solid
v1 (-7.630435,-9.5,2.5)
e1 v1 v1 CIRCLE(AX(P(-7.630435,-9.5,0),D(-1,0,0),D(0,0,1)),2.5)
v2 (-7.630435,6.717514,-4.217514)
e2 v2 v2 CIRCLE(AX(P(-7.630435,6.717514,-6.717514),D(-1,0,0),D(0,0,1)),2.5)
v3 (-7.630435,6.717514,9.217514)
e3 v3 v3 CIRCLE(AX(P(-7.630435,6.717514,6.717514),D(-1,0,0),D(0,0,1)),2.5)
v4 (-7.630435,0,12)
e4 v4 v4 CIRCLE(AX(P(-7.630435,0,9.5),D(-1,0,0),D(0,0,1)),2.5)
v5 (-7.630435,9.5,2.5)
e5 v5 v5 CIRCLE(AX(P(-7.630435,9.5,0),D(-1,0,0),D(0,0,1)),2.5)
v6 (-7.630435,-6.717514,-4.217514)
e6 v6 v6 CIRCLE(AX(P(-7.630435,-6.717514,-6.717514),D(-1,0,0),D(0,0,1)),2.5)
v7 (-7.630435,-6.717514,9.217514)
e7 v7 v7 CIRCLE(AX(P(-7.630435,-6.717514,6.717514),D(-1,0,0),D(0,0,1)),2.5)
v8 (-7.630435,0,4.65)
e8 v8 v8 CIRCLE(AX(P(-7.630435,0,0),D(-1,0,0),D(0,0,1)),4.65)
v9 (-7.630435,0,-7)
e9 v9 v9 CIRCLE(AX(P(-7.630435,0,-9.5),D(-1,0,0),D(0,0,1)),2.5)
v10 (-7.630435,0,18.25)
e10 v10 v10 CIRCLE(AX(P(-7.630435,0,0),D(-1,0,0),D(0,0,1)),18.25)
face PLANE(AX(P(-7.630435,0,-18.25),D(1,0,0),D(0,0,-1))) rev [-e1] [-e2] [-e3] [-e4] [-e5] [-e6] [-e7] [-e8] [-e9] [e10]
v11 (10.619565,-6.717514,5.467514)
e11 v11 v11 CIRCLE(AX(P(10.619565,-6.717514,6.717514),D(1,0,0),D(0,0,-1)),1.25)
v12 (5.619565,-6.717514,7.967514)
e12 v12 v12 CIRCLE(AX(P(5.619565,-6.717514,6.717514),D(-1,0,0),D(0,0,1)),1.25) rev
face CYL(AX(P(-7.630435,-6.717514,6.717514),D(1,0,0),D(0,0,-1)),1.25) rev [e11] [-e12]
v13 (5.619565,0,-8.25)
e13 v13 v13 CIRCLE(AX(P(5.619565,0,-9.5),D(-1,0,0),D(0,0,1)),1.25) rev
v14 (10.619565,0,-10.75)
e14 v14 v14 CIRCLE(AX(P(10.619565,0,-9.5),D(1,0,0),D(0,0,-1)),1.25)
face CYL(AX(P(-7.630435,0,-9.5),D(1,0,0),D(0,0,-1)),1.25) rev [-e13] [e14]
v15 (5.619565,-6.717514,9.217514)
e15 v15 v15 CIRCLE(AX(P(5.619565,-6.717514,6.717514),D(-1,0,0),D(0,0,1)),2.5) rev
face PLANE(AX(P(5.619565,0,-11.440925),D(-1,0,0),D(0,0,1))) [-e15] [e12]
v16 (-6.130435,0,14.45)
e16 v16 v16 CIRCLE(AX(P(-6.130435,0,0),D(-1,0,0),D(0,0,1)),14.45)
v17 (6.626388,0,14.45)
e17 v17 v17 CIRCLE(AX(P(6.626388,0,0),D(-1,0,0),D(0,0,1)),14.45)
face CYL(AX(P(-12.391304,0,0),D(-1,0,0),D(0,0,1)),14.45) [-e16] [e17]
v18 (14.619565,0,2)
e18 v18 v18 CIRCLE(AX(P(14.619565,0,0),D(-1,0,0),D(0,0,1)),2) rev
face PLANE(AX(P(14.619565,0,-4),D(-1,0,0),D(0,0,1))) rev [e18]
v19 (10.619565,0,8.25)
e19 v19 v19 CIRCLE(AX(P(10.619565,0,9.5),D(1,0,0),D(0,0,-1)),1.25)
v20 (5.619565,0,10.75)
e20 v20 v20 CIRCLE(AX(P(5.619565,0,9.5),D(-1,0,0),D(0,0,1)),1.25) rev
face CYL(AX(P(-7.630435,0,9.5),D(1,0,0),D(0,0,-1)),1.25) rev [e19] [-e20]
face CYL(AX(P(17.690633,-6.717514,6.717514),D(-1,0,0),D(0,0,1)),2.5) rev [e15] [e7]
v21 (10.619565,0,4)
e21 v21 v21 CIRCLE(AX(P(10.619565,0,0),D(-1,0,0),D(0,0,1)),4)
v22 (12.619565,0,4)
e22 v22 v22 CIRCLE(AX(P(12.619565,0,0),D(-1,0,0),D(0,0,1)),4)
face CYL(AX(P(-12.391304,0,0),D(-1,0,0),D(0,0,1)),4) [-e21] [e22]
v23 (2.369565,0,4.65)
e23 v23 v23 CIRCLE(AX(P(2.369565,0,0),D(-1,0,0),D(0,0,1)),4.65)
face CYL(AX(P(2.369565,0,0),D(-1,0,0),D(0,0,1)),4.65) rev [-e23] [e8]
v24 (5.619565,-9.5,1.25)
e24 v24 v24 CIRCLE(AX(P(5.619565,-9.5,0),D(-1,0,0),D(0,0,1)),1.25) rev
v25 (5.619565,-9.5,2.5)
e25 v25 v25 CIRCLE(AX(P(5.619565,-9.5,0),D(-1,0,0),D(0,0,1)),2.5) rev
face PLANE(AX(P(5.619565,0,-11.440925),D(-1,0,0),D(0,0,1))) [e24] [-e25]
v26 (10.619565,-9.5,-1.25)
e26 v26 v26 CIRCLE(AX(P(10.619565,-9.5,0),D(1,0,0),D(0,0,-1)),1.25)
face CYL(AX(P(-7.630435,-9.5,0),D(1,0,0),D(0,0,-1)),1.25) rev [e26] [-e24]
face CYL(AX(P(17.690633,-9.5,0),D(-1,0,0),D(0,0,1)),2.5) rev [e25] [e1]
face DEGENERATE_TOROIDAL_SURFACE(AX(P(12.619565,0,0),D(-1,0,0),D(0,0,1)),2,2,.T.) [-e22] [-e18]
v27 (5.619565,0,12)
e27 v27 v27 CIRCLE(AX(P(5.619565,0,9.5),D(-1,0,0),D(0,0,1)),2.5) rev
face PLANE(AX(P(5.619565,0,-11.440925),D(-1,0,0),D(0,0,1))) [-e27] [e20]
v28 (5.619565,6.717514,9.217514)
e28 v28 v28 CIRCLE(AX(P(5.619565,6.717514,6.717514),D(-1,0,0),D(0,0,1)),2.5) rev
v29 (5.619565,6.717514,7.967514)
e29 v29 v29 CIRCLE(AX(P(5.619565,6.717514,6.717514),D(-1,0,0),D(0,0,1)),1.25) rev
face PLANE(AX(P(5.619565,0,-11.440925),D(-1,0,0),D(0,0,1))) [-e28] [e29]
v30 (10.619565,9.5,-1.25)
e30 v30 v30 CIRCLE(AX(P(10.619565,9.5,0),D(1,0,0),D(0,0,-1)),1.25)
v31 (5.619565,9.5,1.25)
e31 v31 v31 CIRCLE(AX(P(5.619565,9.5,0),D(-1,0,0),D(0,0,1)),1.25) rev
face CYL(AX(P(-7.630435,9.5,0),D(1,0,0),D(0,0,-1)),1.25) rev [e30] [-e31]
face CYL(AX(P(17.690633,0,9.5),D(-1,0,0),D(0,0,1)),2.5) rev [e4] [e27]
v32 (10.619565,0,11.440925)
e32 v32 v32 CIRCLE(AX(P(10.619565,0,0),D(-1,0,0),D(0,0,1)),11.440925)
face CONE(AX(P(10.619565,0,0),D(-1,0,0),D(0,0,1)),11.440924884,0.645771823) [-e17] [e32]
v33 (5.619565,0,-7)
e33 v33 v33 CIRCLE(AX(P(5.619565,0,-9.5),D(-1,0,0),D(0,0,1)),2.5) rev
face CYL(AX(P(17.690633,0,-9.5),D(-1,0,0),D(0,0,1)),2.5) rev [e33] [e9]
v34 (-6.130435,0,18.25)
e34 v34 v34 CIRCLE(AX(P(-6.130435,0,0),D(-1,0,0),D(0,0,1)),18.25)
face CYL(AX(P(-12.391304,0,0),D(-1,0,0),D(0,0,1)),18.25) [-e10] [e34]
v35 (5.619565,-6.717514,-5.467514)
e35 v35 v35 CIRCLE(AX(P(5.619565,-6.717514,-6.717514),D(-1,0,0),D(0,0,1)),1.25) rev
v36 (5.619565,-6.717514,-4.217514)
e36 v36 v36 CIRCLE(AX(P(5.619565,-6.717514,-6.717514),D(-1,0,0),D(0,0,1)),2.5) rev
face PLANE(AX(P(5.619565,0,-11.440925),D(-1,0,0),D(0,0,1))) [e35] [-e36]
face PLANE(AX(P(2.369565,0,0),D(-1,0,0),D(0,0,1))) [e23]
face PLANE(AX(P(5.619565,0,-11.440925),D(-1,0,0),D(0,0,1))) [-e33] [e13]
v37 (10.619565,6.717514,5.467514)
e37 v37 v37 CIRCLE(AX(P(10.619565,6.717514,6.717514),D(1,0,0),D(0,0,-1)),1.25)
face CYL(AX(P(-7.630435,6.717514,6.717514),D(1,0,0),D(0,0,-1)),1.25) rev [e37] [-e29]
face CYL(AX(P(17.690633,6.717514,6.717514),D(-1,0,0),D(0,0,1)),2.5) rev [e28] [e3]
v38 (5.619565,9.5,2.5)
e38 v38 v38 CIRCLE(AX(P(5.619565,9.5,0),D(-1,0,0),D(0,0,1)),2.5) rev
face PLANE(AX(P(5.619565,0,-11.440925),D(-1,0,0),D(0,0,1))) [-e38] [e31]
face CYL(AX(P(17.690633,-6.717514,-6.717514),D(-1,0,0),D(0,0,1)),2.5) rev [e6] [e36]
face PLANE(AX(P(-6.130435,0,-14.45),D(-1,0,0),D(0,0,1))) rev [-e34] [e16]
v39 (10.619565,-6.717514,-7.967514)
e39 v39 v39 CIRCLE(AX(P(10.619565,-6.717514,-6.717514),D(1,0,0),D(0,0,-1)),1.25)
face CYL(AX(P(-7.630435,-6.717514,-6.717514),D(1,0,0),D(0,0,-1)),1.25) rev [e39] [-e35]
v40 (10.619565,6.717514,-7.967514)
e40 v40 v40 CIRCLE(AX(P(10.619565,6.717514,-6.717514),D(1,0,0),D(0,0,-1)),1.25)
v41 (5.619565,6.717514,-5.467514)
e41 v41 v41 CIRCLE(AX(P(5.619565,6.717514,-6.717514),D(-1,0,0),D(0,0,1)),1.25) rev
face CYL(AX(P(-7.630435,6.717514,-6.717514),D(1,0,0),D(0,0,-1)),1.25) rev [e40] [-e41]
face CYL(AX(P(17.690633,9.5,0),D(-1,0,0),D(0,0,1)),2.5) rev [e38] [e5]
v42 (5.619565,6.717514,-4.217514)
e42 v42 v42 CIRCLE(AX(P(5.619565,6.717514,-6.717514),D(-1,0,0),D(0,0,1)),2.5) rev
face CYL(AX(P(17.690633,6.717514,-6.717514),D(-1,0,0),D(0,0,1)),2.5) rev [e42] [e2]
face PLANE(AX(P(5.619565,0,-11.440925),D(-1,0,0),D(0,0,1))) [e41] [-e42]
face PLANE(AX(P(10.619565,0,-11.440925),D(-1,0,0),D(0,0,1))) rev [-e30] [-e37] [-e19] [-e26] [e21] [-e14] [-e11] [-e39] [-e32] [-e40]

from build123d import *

# Parameters (mm, degrees)
SKETCH2_R          = 1.25
CUT_EXTRUDE1_DEPTH = 19.25
FILLET1_R          = 2
SKETCH3_R          = 2.5
CUT_EXTRUDE2_DEPTH = 13.25
SKETCH4_R          = 4.65
CUT_EXTRUDE3_DEPTH = 10


with BuildPart() as part:
    # Sketch1 → Revolve1 (revolve)
    with BuildSketch(Plane(origin=(0, 0, 0), x_dir=(1, 0, 0), z_dir=(0, 1, 0))):
        Polygon((-6.130434783, 14.45), (6.626387667, 14.45), (10.619565217, 11.440924884), (10.619565217, 4), (14.619565217, 4), (14.619565217, 0), (13.372742768, 0), (-6.130434783, 0), (-7.630434783, 0), (-7.630434783, 18.25), (-6.130434783, 18.25), align=None)
    revolve(axis=Axis((-12.391304348, 0, 0), (1, 0, 0)))

    # Sketch2 → Cut-Extrude1 (cut, through all)
    with BuildSketch(Plane(origin=(10.619565217, 0, 0), x_dir=(0, 0, -1), z_dir=(1, 0, 0))):
        with Locations((0, 9.5)):
            Circle(SKETCH2_R)
        with Locations((6.717514421, 6.717514421)):
            Circle(SKETCH2_R)
        with Locations((9.5, 0)):
            Circle(SKETCH2_R)
        with Locations((6.717514421, -6.717514421)):
            Circle(SKETCH2_R)
        with Locations((0, -9.5)):
            Circle(SKETCH2_R)
        with Locations((-6.717514421, -6.717514421)):
            Circle(SKETCH2_R)
        with Locations((-9.5, 0)):
            Circle(SKETCH2_R)
        with Locations((-6.717514421, 6.717514421)):
            Circle(SKETCH2_R)
    extrude(amount=-CUT_EXTRUDE1_DEPTH, mode=Mode.SUBTRACT)

    # Fillet1
    fillet1_edges = [part.edges().sort_by_distance(p)[0] for p in [
        (14.619565217, 0, 4),
    ]]
    fillet(fillet1_edges, radius=FILLET1_R)

    # Sketch3 → Cut-Extrude2 (cut)
    with BuildSketch(Plane.ZY.offset(7.630434783)):
        with Locations((0, 9.5)):
            Circle(SKETCH3_R)
        with Locations((6.717514421, 6.717514421)):
            Circle(SKETCH3_R)
        with Locations((9.5, 0)):
            Circle(SKETCH3_R)
        with Locations((6.717514421, -6.717514421)):
            Circle(SKETCH3_R)
        with Locations((0, -9.5)):
            Circle(SKETCH3_R)
        with Locations((-6.717514421, -6.717514421)):
            Circle(SKETCH3_R)
        with Locations((-9.5, 0)):
            Circle(SKETCH3_R)
        with Locations((-6.717514421, 6.717514421)):
            Circle(SKETCH3_R)
    extrude(amount=-CUT_EXTRUDE2_DEPTH, mode=Mode.SUBTRACT)

    # Sketch4 → Cut-Extrude3 (cut)
    with BuildSketch(Plane.ZY.offset(7.630434783)):
        Circle(SKETCH4_R)
    extrude(amount=-CUT_EXTRUDE3_DEPTH, mode=Mode.SUBTRACT)


solid = part.part
